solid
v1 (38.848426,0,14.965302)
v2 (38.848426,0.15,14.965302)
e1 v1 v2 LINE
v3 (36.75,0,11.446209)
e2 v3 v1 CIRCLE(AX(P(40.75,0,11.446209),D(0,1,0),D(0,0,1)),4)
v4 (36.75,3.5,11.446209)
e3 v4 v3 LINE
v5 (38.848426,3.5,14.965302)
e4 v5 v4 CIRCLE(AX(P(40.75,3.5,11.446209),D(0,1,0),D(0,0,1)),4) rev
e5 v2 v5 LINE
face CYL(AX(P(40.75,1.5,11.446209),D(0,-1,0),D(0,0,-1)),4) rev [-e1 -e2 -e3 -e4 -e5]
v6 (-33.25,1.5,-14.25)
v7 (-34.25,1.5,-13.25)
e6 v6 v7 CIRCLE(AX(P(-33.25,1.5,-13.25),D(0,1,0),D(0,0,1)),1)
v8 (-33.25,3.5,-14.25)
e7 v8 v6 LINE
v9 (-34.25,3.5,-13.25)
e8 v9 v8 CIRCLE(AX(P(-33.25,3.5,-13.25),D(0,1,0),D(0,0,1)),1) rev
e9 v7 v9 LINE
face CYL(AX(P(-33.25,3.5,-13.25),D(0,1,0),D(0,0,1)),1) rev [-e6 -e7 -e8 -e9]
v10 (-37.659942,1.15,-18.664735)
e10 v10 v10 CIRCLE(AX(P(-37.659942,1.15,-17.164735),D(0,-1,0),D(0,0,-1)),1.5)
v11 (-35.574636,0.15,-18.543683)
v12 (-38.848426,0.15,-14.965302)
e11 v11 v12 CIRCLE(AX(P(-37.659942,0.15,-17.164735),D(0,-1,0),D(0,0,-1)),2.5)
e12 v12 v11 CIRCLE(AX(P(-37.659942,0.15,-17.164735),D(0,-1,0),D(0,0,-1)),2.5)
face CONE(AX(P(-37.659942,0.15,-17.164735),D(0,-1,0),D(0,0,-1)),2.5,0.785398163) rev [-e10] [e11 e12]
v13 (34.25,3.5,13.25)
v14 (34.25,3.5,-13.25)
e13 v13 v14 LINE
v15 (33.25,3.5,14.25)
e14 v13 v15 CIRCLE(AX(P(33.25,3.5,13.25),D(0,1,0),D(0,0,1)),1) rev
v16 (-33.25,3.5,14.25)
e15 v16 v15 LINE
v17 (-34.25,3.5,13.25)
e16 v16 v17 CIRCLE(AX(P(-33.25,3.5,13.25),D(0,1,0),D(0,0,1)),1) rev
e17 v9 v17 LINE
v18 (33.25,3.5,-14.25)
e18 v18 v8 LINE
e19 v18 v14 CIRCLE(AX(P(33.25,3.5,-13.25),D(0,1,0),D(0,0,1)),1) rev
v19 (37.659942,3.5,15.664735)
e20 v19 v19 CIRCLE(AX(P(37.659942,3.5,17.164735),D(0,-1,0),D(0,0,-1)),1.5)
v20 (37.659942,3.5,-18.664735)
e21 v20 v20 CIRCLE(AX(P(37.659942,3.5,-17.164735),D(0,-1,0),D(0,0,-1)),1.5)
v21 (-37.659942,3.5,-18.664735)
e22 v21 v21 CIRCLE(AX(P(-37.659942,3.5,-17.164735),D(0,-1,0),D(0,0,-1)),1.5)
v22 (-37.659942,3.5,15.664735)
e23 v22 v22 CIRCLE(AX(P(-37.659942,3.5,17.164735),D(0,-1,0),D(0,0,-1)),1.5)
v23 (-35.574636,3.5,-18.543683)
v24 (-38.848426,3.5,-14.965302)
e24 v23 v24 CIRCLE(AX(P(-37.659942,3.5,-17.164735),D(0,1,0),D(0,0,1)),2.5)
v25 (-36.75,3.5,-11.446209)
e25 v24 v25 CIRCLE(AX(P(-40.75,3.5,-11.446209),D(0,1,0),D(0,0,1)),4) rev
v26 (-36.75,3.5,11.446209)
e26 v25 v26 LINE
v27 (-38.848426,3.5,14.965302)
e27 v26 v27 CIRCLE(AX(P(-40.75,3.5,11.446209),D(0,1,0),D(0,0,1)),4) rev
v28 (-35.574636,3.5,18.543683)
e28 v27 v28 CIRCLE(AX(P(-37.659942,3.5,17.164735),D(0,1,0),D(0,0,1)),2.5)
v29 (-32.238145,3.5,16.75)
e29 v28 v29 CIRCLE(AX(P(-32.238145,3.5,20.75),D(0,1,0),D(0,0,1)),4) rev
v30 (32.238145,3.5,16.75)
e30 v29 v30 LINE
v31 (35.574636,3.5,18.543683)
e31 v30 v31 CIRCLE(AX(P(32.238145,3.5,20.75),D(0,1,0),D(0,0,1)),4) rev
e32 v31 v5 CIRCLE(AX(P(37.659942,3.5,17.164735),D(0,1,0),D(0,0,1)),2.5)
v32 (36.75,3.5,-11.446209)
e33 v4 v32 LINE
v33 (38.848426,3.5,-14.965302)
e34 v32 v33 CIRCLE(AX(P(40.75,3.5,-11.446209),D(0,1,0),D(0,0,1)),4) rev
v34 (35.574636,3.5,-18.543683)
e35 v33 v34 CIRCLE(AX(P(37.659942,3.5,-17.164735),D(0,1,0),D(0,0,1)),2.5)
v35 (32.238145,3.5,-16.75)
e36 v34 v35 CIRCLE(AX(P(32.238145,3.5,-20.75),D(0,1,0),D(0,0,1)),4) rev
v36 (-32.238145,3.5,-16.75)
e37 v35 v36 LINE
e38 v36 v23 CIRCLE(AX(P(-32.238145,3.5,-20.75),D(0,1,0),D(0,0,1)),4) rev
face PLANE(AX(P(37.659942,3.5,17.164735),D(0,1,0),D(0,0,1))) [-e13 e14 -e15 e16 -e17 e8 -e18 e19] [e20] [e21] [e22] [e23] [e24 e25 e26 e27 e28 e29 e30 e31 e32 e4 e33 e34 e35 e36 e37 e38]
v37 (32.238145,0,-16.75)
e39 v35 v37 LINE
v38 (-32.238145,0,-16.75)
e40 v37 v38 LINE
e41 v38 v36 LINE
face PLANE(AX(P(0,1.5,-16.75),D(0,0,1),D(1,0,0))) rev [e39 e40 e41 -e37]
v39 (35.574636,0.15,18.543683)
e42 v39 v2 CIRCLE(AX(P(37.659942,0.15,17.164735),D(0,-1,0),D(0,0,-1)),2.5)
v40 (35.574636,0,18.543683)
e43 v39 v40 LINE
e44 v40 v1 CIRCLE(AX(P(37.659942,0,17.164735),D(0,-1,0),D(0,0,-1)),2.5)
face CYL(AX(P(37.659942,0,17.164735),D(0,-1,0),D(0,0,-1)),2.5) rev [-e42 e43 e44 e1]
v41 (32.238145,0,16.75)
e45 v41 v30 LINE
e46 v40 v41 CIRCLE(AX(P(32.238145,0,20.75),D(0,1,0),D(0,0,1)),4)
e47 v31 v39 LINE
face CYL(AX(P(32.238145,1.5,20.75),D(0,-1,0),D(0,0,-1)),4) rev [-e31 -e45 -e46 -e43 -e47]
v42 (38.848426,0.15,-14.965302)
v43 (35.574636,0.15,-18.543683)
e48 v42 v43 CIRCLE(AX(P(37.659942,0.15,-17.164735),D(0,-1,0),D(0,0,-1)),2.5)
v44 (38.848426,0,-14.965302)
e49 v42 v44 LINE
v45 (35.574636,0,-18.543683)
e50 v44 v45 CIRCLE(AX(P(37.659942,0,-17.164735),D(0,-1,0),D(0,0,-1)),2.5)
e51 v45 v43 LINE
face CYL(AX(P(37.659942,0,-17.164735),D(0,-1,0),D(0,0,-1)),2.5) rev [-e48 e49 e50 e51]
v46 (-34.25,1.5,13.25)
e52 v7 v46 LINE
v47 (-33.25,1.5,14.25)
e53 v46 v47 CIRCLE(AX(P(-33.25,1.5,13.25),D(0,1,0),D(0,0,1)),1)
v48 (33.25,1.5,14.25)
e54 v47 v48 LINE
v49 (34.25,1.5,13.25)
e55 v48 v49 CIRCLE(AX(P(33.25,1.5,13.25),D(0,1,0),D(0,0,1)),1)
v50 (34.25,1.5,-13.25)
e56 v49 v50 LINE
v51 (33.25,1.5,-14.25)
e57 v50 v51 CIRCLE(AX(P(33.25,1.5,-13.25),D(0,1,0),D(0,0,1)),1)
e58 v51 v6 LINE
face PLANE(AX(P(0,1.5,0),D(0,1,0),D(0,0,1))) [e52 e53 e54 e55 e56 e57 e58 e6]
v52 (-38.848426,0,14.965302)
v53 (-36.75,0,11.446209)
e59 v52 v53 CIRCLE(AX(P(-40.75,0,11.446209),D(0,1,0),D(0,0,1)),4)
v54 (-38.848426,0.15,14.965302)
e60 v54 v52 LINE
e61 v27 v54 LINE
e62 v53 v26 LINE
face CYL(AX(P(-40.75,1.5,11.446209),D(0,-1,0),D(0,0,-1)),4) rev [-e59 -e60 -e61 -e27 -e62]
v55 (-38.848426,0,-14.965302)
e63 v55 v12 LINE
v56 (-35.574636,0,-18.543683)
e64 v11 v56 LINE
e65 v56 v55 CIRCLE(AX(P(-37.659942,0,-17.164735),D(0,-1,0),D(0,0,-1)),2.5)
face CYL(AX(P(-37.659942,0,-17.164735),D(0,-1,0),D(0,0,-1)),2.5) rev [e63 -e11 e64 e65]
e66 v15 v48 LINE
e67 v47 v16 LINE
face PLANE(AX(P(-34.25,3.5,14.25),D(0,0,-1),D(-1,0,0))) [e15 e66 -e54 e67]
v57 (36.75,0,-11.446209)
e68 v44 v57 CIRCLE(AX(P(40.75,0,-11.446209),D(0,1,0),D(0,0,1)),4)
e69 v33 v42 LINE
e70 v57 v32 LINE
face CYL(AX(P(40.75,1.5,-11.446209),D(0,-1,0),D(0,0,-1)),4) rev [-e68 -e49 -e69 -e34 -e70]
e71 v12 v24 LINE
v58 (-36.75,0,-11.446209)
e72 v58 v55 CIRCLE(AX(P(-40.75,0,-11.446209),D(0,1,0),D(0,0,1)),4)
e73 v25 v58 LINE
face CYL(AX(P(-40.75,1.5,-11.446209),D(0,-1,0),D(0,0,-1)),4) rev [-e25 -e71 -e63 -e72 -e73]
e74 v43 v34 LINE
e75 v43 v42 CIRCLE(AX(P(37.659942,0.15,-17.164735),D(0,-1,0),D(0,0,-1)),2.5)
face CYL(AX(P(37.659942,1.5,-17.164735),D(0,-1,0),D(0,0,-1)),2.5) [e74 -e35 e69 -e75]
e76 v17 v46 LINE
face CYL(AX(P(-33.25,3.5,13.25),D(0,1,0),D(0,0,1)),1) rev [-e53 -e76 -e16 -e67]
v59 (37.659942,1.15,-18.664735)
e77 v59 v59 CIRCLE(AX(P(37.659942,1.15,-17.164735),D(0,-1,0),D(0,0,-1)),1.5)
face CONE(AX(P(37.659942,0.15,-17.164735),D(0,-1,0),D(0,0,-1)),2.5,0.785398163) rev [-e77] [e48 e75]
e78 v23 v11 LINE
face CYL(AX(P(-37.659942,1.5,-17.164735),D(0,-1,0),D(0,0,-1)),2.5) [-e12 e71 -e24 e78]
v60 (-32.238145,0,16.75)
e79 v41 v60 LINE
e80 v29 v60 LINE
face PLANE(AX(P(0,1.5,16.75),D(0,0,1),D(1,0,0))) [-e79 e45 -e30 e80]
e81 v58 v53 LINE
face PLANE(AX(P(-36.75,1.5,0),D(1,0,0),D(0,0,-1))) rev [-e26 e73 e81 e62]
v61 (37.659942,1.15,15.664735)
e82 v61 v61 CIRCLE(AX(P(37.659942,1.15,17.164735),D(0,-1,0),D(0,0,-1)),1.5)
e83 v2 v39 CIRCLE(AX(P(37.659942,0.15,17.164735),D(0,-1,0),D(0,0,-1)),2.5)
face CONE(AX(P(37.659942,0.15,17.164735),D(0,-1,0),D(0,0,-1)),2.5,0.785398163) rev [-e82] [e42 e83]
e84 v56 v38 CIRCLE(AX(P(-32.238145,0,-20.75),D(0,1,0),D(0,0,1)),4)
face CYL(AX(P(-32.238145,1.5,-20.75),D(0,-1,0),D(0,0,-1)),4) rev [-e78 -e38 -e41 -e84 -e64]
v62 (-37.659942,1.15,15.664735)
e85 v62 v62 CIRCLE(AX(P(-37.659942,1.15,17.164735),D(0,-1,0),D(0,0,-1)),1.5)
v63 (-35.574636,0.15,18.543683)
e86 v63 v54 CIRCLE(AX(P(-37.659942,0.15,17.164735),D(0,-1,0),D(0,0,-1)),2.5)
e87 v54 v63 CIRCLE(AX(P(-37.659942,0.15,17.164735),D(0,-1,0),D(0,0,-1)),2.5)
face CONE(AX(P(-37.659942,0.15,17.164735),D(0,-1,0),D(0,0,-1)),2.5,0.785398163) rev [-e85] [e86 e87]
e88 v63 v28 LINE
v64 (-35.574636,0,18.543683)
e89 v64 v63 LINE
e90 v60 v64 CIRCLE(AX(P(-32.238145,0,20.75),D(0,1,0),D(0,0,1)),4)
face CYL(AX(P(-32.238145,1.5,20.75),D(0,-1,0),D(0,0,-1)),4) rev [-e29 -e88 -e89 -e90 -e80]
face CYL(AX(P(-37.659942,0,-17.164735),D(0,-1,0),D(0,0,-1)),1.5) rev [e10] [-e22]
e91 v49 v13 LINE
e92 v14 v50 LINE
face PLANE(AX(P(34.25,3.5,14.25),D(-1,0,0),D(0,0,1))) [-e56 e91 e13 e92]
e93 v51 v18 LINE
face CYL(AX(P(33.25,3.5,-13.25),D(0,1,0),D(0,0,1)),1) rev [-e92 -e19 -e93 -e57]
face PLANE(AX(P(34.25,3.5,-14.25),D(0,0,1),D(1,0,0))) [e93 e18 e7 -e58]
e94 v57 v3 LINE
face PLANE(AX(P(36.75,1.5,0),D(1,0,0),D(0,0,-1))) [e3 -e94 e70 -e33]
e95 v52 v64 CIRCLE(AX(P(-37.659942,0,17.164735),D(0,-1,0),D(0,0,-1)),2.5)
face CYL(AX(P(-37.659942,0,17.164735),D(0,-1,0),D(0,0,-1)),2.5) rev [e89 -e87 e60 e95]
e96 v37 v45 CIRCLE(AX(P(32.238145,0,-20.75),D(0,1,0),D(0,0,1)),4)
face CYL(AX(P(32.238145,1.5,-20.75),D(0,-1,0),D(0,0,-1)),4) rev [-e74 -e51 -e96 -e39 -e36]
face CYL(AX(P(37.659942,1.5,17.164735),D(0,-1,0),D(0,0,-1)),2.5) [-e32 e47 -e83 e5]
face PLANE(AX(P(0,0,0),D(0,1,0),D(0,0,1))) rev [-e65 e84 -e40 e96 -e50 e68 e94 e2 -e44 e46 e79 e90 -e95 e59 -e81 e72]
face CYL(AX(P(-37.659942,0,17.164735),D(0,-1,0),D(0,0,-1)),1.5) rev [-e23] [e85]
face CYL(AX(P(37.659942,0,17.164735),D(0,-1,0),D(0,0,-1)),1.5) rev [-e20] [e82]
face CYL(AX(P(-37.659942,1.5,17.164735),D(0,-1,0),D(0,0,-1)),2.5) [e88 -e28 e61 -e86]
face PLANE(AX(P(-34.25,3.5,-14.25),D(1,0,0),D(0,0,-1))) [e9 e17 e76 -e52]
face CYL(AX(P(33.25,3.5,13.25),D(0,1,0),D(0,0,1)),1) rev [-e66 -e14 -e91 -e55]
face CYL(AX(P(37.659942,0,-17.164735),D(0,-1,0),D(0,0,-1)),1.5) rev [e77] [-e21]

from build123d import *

# Parameters (mm, degrees)
SKETCH1_R                                      = 2.5
SKETCH1_R_2                                    = 1
SKETCH1_W                                      = 73.5
SKETCH1_H                                      = 33.5
BOSS_EXTRUDE1_DEPTH                            = 1.5
SKETCH2_R                                      = 1
SKETCH2_W                                      = 68.5
SKETCH2_H                                      = 28.5
BOSS_EXTRUDE2_DEPTH                            = 2
FILLET1_R                                      = 4
CSK_FOR_M2_5_FLAT_HEAD_MACHINE_SCREW1_AT_COUNT = 2
CSK_FOR_M2_5_FLAT_HEAD_MACHINE_SCREW1_AT_PITCH = 34.329470958
CSK_FOR_M2_5_FLAT_HEAD_MACHINE_SCREW_2_COUNT   = 2
CSK_FOR_M2_5_FLAT_HEAD_MACHINE_SCREW_2_PITCH   = 75.319884043
CSK_FOR_M2_5_FLAT_HEAD_MACHINE_SCREW_3_COUNT   = 2
CSK_FOR_M2_5_FLAT_HEAD_MACHINE_SCREW_3_PITCH   = 82.774377125
FILLET2_R                                      = 1


with BuildPart() as part:
    # Sketch1 → Boss-Extrude1 (new body)
    # profile 1 of 5: a face of its own
    with BuildSketch(Plane(origin=(0, 0, 0), x_dir=(1, 0, 0), z_dir=(0, 1, 0))):
        with Locations((-37.659942021, 17.164735479)):
            Circle(SKETCH1_R)
        with Locations(Location((-37.659942021, 17.164735479, 0), (0, 0, 270))):
            Circle(SKETCH1_R_2, mode=Mode.SUBTRACT)
    # profile 2 of 5: a face of its own
    with BuildSketch(Plane(origin=(0, 0, 0), x_dir=(1, 0, 0), z_dir=(0, 1, 0))):
        with Locations((37.659942021, 17.164735479)):
            Circle(SKETCH1_R)
        with Locations(Location((37.659942021, 17.164735479, 0), (0, 0, 270))):
            Circle(SKETCH1_R_2, mode=Mode.SUBTRACT)
    # profile 3 of 5: a face of its own
    with BuildSketch(Plane(origin=(0, 0, 0), x_dir=(1, 0, 0), z_dir=(0, 1, 0))):
        with Locations((37.659942021, -17.164735479)):
            Circle(SKETCH1_R)
        with Locations(Location((37.659942021, -17.164735479, 0), (0, 0, 270))):
            Circle(SKETCH1_R_2, mode=Mode.SUBTRACT)
    # profile 4 of 5: a face of its own
    with BuildSketch(Plane(origin=(0, 0, 0), x_dir=(1, 0, 0), z_dir=(0, 1, 0))):
        with Locations((-37.659942021, -17.164735479)):
            Circle(SKETCH1_R)
        with Locations(Location((-37.659942021, -17.164735479, 0), (0, 0, 270))):
            Circle(SKETCH1_R_2, mode=Mode.SUBTRACT)
    # profile 5 of 5: a face of its own
    with BuildSketch(Plane(origin=(0, 0, 0), x_dir=(1, 0, 0), z_dir=(0, 1, 0))):
        Rectangle(SKETCH1_W, SKETCH1_H)
    extrude(amount=BOSS_EXTRUDE1_DEPTH)

    # Sketch2 → Boss-Extrude2 (add)
    with BuildSketch(Plane(origin=(0, 1.5, 0), x_dir=(1, 0, 0), z_dir=(0, 1, 0))):
        with BuildLine():
            Line((36.75, -14.836215452), (36.75, 14.836215452))
            ThreePointArc((36.75, 14.836215452), (39.599995344, 18.741502141), (35.194583126, 16.75))
            Line((35.194583126, 16.75), (-35.194583126, 16.75))
            ThreePointArc((-35.194583126, 16.75), (-39.599995344, 18.741502141), (-36.75, 14.836215452))
            Line((-36.75, 14.836215452), (-36.75, -14.836215452))
            ThreePointArc((-36.75, -14.836215452), (-39.599995344, -18.741502141), (-35.194583126, -16.75))
            Line((-35.194583126, -16.75), (35.194583126, -16.75))
            ThreePointArc((35.194583126, -16.75), (39.599995344, -18.741502141), (36.75, -14.836215452))
        make_face()
        with Locations(Location((37.659942021, -17.164735479, 0), (0, 0, 270))):
            Circle(SKETCH2_R, mode=Mode.SUBTRACT)
        with Locations(Location((37.659942021, 17.164735479, 0), (0, 0, 270))):
            Circle(SKETCH2_R, mode=Mode.SUBTRACT)
        with Locations(Location((-37.659942021, 17.164735479, 0), (0, 0, 270))):
            Circle(SKETCH2_R, mode=Mode.SUBTRACT)
        with Locations(Location((-37.659942021, -17.164735479, 0), (0, 0, 270))):
            Circle(SKETCH2_R, mode=Mode.SUBTRACT)
        Rectangle(SKETCH2_W, SKETCH2_H, mode=Mode.SUBTRACT)
    extrude(amount=BOSS_EXTRUDE2_DEPTH)

    # Fillet1
    fillet1_edges = [part.edges().sort_by_distance(p)[0] for p in [
        (36.75, 1.75, 14.836215452),
        (35.194583126, 1.75, 16.75),
        (-35.194583126, 1.75, 16.75),
        (-36.75, 1.75, 14.836215452),
        (-36.75, 1.75, -14.836215452),
        (-35.194583126, 1.75, -16.75),
        (35.194583126, 1.75, -16.75),
        (36.75, 1.75, -14.836215452),
    ]]
    fillet(fillet1_edges, radius=FILLET1_R)

    # Sketch6 → CSK for M2.5 Flat Head Machine Screw1 (revolve, cut)
    with BuildSketch(Plane(origin=(-37.659942021, 0, 17.164735479), x_dir=(0, 0, -1), z_dir=(1, 0, 0))):
        Polygon((0, 0), (0, 3.5), (1.5, 3.5), (1.5, 1.15), (2.5, 0.15), (2.5, 0), align=None)
    csk_for_m2_5_flat_head_machine_screw1 = revolve(axis=Axis((-37.659942021, -6.35, 17.164735479), (0, 1, 0)), mode=Mode.SUBTRACT)

    # CSK for M2.5 Flat Head Machine Screw1 at: CSK for M2.5 Flat Head Machine Screw1 ×2
    with Locations(*[(0, 0, -i * CSK_FOR_M2_5_FLAT_HEAD_MACHINE_SCREW1_AT_PITCH) for i in range(1, CSK_FOR_M2_5_FLAT_HEAD_MACHINE_SCREW1_AT_COUNT)]):
        add(csk_for_m2_5_flat_head_machine_screw1, mode=Mode.SUBTRACT)

    # CSK for M2.5 Flat Head Machine Screw 2: CSK for M2.5 Flat Head Machine Screw1 ×2
    with Locations(*[(i * CSK_FOR_M2_5_FLAT_HEAD_MACHINE_SCREW_2_PITCH, 0, 0) for i in range(1, CSK_FOR_M2_5_FLAT_HEAD_MACHINE_SCREW_2_COUNT)]):
        add(csk_for_m2_5_flat_head_machine_screw1, mode=Mode.SUBTRACT)

    # CSK for M2.5 Flat Head Machine Screw 3: CSK for M2.5 Flat Head Machine Screw1 ×2
    with Locations(*[Vector(0.9099420214144476, 0, -0.4147354791480819) * (i * CSK_FOR_M2_5_FLAT_HEAD_MACHINE_SCREW_3_PITCH) for i in range(1, CSK_FOR_M2_5_FLAT_HEAD_MACHINE_SCREW_3_COUNT)]):
        add(csk_for_m2_5_flat_head_machine_screw1, mode=Mode.SUBTRACT)

    # Fillet2
    fillet2_edges = [part.edges().sort_by_distance(p)[0] for p in [
        (34.25, 2.5, 14.25),
        (34.25, 2.5, -14.25),
        (-34.25, 2.5, -14.25),
        (-34.25, 2.5, 14.25),
    ]]
    fillet(fillet2_edges, radius=FILLET2_R)


solid = part.part
